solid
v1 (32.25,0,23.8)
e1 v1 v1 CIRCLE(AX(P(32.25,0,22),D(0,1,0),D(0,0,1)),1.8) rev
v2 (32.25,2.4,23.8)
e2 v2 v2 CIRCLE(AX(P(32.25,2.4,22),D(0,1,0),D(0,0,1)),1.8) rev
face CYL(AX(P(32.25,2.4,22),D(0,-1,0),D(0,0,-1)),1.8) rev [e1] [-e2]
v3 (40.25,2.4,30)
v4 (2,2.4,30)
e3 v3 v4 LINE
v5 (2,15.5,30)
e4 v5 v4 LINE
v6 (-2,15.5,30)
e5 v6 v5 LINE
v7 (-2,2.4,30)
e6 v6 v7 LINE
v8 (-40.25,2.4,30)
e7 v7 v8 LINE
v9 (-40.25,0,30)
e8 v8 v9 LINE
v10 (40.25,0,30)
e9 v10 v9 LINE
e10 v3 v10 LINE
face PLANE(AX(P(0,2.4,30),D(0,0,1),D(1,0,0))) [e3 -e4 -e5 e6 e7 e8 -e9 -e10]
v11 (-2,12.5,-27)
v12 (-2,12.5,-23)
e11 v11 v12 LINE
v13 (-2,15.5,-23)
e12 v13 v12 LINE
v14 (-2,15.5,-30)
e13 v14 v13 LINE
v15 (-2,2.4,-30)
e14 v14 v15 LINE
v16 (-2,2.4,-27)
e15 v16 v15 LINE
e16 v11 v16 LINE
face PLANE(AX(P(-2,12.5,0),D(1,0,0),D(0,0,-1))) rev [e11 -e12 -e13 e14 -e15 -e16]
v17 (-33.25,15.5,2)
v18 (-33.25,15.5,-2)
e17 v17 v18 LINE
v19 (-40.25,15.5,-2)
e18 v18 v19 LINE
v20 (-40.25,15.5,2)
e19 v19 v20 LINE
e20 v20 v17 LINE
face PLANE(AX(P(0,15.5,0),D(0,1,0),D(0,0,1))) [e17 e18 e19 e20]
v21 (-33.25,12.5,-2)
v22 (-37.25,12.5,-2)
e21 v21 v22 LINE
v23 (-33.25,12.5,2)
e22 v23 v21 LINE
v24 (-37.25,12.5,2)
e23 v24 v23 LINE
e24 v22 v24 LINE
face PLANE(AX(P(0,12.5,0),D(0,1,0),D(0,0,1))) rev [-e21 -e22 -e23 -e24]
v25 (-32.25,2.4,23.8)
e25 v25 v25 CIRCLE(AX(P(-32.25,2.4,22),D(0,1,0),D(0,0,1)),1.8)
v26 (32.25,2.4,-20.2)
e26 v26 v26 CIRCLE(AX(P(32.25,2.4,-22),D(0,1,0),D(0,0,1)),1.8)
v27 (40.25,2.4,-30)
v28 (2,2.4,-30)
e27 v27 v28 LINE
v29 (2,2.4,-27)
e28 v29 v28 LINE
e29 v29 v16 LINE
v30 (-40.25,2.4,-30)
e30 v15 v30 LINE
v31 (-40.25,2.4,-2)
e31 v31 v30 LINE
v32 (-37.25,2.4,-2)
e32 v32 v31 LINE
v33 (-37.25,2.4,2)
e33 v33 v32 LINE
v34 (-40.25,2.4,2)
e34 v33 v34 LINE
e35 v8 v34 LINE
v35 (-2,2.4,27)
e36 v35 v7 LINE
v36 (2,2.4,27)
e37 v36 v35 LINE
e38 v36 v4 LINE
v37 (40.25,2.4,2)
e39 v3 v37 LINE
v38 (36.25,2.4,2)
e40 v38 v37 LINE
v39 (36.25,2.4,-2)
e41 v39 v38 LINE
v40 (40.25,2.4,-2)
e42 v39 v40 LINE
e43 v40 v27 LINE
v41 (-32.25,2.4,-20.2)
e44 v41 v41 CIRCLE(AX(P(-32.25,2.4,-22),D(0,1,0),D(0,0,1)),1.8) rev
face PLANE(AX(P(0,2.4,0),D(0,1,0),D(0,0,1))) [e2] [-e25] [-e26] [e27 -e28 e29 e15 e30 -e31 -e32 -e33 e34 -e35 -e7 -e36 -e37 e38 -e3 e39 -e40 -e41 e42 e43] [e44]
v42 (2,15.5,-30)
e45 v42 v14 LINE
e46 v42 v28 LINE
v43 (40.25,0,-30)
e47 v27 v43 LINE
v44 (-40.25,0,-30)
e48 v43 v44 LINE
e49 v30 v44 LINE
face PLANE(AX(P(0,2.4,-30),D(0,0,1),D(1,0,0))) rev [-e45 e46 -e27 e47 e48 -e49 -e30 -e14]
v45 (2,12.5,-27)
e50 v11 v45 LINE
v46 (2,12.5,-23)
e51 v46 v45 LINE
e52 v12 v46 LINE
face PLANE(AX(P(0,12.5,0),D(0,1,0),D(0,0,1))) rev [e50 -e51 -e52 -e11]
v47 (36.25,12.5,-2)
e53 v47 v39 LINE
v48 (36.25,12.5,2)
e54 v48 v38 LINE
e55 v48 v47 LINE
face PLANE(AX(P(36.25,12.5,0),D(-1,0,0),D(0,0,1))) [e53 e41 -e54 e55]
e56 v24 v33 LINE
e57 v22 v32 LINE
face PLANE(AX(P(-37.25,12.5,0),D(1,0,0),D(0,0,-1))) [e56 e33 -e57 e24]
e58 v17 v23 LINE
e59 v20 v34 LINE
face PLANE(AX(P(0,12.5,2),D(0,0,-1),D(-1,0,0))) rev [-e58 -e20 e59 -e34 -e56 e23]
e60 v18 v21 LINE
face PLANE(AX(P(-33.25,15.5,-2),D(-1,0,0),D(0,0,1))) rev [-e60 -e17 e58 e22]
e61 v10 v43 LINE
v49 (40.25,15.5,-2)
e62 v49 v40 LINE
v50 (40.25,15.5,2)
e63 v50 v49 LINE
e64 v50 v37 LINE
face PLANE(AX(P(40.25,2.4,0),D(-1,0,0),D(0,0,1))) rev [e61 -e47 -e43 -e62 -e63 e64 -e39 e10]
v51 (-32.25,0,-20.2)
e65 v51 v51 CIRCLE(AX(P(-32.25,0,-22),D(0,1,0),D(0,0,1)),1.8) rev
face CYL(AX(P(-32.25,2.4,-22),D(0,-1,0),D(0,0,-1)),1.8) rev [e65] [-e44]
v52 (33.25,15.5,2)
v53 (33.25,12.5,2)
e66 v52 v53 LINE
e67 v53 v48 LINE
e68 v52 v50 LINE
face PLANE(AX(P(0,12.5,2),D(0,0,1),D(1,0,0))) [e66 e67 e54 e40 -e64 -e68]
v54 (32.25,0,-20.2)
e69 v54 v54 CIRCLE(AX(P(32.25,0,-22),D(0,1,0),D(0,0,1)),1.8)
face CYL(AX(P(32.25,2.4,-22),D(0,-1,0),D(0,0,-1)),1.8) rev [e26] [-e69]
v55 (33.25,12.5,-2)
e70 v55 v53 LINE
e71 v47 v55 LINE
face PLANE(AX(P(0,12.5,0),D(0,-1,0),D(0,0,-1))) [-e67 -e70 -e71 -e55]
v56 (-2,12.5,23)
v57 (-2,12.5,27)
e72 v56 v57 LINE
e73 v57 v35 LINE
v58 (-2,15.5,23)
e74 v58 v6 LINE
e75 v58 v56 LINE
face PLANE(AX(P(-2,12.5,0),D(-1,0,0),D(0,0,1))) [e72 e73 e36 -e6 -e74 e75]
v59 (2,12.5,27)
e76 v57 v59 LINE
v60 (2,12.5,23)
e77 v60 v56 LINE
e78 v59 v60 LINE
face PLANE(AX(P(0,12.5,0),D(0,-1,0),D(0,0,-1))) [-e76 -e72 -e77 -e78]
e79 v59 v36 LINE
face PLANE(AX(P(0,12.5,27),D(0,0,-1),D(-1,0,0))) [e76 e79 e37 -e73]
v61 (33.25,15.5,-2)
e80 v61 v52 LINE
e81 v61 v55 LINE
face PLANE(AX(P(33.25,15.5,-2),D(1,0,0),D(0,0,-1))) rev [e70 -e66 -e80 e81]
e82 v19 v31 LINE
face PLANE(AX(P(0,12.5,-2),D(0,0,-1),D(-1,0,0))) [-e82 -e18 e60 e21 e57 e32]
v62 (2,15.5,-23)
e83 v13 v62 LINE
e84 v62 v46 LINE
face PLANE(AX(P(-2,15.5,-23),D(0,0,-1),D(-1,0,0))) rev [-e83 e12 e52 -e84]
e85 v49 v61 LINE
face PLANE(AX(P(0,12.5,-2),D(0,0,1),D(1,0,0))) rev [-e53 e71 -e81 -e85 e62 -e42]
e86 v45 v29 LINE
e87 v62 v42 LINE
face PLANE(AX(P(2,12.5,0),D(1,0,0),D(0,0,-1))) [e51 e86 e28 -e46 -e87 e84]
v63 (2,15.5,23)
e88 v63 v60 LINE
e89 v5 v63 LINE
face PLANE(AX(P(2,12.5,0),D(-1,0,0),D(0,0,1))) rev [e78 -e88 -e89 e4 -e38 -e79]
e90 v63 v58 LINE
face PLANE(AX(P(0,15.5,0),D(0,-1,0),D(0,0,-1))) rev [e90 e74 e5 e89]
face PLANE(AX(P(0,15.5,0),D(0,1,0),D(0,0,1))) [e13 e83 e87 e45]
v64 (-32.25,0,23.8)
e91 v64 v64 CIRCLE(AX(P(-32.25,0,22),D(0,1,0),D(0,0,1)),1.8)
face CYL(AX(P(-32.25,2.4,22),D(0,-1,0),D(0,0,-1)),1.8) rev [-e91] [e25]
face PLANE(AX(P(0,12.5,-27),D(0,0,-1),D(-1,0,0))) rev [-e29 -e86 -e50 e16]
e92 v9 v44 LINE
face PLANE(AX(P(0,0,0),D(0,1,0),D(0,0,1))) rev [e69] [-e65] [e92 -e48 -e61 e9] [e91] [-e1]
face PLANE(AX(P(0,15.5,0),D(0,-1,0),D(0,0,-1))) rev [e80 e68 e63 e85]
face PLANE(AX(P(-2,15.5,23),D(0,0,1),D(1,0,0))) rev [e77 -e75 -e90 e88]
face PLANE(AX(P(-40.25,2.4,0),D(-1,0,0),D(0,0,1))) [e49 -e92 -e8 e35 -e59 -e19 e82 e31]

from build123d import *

# Parameters (mm, degrees)
SKETCH2_W           = 80.5
SKETCH2_H           = 60
SKETCH2_R           = 1.8
BOSS_EXTRUDE1_DEPTH = 2.4
SKETCH2_3_W         = 4
SKETCH2_3_H         = 4
SKETCH2_3_H_2       = 3
SKETCH2_3_W_2       = 3
BOSS_EXTRUDE2_DEPTH = 12.5
SKETCH3_W           = 4
SKETCH3_H           = 7
SKETCH3_W_2         = 7
SKETCH3_H_2         = 4
BOSS_EXTRUDE3_DEPTH = 3


with BuildPart() as part:
    # Sketch2 → Boss-Extrude1 (new body)
    with BuildSketch(Plane(origin=(0, 0, 0), x_dir=(1, 0, 0), z_dir=(0, 1, 0))):
        Rectangle(SKETCH2_W, SKETCH2_H)
        with Locations((32.25, 22)):
            Circle(SKETCH2_R, mode=Mode.SUBTRACT)
        with Locations((-32.25, -22)):
            Circle(SKETCH2_R, mode=Mode.SUBTRACT)
        with Locations((32.25, -22)):
            Circle(SKETCH2_R, mode=Mode.SUBTRACT)
        with Locations((-32.25, 22)):
            Circle(SKETCH2_R, mode=Mode.SUBTRACT)
    extrude(amount=BOSS_EXTRUDE1_DEPTH)

    # Sketch2<3> → Boss-Extrude2 (add)
    with BuildSketch(Plane(origin=(0, 0, 0), x_dir=(1, 0, 0), z_dir=(0, 1, 0))):
        with Locations((38.25, 0)):
            Rectangle(SKETCH2_3_W, SKETCH2_3_H)
        with Locations((0, -28.5)):
            Rectangle(SKETCH2_3_W, SKETCH2_3_H_2)
        with Locations((-38.75, 0)):
            Rectangle(SKETCH2_3_W_2, SKETCH2_3_H)
        with Locations((0, 28.5)):
            Rectangle(SKETCH2_3_W, SKETCH2_3_H_2)
    extrude(amount=BOSS_EXTRUDE2_DEPTH)

    # Sketch3 → Boss-Extrude3 (add)
    with BuildSketch(Plane(origin=(0, 12.5, 0), x_dir=(1, 0, 0), z_dir=(0, 1, 0))):
        with Locations((0, 26.5)):
            Rectangle(SKETCH3_W, SKETCH3_H)
        with Locations((-36.75, 0)):
            Rectangle(SKETCH3_W_2, SKETCH3_H_2)
        with Locations((0, -26.5)):
            Rectangle(SKETCH3_W, SKETCH3_H)
        with Locations((36.75, 0)):
            Rectangle(SKETCH3_W_2, SKETCH3_H_2)
    extrude(amount=BOSS_EXTRUDE3_DEPTH)


solid = part.part
